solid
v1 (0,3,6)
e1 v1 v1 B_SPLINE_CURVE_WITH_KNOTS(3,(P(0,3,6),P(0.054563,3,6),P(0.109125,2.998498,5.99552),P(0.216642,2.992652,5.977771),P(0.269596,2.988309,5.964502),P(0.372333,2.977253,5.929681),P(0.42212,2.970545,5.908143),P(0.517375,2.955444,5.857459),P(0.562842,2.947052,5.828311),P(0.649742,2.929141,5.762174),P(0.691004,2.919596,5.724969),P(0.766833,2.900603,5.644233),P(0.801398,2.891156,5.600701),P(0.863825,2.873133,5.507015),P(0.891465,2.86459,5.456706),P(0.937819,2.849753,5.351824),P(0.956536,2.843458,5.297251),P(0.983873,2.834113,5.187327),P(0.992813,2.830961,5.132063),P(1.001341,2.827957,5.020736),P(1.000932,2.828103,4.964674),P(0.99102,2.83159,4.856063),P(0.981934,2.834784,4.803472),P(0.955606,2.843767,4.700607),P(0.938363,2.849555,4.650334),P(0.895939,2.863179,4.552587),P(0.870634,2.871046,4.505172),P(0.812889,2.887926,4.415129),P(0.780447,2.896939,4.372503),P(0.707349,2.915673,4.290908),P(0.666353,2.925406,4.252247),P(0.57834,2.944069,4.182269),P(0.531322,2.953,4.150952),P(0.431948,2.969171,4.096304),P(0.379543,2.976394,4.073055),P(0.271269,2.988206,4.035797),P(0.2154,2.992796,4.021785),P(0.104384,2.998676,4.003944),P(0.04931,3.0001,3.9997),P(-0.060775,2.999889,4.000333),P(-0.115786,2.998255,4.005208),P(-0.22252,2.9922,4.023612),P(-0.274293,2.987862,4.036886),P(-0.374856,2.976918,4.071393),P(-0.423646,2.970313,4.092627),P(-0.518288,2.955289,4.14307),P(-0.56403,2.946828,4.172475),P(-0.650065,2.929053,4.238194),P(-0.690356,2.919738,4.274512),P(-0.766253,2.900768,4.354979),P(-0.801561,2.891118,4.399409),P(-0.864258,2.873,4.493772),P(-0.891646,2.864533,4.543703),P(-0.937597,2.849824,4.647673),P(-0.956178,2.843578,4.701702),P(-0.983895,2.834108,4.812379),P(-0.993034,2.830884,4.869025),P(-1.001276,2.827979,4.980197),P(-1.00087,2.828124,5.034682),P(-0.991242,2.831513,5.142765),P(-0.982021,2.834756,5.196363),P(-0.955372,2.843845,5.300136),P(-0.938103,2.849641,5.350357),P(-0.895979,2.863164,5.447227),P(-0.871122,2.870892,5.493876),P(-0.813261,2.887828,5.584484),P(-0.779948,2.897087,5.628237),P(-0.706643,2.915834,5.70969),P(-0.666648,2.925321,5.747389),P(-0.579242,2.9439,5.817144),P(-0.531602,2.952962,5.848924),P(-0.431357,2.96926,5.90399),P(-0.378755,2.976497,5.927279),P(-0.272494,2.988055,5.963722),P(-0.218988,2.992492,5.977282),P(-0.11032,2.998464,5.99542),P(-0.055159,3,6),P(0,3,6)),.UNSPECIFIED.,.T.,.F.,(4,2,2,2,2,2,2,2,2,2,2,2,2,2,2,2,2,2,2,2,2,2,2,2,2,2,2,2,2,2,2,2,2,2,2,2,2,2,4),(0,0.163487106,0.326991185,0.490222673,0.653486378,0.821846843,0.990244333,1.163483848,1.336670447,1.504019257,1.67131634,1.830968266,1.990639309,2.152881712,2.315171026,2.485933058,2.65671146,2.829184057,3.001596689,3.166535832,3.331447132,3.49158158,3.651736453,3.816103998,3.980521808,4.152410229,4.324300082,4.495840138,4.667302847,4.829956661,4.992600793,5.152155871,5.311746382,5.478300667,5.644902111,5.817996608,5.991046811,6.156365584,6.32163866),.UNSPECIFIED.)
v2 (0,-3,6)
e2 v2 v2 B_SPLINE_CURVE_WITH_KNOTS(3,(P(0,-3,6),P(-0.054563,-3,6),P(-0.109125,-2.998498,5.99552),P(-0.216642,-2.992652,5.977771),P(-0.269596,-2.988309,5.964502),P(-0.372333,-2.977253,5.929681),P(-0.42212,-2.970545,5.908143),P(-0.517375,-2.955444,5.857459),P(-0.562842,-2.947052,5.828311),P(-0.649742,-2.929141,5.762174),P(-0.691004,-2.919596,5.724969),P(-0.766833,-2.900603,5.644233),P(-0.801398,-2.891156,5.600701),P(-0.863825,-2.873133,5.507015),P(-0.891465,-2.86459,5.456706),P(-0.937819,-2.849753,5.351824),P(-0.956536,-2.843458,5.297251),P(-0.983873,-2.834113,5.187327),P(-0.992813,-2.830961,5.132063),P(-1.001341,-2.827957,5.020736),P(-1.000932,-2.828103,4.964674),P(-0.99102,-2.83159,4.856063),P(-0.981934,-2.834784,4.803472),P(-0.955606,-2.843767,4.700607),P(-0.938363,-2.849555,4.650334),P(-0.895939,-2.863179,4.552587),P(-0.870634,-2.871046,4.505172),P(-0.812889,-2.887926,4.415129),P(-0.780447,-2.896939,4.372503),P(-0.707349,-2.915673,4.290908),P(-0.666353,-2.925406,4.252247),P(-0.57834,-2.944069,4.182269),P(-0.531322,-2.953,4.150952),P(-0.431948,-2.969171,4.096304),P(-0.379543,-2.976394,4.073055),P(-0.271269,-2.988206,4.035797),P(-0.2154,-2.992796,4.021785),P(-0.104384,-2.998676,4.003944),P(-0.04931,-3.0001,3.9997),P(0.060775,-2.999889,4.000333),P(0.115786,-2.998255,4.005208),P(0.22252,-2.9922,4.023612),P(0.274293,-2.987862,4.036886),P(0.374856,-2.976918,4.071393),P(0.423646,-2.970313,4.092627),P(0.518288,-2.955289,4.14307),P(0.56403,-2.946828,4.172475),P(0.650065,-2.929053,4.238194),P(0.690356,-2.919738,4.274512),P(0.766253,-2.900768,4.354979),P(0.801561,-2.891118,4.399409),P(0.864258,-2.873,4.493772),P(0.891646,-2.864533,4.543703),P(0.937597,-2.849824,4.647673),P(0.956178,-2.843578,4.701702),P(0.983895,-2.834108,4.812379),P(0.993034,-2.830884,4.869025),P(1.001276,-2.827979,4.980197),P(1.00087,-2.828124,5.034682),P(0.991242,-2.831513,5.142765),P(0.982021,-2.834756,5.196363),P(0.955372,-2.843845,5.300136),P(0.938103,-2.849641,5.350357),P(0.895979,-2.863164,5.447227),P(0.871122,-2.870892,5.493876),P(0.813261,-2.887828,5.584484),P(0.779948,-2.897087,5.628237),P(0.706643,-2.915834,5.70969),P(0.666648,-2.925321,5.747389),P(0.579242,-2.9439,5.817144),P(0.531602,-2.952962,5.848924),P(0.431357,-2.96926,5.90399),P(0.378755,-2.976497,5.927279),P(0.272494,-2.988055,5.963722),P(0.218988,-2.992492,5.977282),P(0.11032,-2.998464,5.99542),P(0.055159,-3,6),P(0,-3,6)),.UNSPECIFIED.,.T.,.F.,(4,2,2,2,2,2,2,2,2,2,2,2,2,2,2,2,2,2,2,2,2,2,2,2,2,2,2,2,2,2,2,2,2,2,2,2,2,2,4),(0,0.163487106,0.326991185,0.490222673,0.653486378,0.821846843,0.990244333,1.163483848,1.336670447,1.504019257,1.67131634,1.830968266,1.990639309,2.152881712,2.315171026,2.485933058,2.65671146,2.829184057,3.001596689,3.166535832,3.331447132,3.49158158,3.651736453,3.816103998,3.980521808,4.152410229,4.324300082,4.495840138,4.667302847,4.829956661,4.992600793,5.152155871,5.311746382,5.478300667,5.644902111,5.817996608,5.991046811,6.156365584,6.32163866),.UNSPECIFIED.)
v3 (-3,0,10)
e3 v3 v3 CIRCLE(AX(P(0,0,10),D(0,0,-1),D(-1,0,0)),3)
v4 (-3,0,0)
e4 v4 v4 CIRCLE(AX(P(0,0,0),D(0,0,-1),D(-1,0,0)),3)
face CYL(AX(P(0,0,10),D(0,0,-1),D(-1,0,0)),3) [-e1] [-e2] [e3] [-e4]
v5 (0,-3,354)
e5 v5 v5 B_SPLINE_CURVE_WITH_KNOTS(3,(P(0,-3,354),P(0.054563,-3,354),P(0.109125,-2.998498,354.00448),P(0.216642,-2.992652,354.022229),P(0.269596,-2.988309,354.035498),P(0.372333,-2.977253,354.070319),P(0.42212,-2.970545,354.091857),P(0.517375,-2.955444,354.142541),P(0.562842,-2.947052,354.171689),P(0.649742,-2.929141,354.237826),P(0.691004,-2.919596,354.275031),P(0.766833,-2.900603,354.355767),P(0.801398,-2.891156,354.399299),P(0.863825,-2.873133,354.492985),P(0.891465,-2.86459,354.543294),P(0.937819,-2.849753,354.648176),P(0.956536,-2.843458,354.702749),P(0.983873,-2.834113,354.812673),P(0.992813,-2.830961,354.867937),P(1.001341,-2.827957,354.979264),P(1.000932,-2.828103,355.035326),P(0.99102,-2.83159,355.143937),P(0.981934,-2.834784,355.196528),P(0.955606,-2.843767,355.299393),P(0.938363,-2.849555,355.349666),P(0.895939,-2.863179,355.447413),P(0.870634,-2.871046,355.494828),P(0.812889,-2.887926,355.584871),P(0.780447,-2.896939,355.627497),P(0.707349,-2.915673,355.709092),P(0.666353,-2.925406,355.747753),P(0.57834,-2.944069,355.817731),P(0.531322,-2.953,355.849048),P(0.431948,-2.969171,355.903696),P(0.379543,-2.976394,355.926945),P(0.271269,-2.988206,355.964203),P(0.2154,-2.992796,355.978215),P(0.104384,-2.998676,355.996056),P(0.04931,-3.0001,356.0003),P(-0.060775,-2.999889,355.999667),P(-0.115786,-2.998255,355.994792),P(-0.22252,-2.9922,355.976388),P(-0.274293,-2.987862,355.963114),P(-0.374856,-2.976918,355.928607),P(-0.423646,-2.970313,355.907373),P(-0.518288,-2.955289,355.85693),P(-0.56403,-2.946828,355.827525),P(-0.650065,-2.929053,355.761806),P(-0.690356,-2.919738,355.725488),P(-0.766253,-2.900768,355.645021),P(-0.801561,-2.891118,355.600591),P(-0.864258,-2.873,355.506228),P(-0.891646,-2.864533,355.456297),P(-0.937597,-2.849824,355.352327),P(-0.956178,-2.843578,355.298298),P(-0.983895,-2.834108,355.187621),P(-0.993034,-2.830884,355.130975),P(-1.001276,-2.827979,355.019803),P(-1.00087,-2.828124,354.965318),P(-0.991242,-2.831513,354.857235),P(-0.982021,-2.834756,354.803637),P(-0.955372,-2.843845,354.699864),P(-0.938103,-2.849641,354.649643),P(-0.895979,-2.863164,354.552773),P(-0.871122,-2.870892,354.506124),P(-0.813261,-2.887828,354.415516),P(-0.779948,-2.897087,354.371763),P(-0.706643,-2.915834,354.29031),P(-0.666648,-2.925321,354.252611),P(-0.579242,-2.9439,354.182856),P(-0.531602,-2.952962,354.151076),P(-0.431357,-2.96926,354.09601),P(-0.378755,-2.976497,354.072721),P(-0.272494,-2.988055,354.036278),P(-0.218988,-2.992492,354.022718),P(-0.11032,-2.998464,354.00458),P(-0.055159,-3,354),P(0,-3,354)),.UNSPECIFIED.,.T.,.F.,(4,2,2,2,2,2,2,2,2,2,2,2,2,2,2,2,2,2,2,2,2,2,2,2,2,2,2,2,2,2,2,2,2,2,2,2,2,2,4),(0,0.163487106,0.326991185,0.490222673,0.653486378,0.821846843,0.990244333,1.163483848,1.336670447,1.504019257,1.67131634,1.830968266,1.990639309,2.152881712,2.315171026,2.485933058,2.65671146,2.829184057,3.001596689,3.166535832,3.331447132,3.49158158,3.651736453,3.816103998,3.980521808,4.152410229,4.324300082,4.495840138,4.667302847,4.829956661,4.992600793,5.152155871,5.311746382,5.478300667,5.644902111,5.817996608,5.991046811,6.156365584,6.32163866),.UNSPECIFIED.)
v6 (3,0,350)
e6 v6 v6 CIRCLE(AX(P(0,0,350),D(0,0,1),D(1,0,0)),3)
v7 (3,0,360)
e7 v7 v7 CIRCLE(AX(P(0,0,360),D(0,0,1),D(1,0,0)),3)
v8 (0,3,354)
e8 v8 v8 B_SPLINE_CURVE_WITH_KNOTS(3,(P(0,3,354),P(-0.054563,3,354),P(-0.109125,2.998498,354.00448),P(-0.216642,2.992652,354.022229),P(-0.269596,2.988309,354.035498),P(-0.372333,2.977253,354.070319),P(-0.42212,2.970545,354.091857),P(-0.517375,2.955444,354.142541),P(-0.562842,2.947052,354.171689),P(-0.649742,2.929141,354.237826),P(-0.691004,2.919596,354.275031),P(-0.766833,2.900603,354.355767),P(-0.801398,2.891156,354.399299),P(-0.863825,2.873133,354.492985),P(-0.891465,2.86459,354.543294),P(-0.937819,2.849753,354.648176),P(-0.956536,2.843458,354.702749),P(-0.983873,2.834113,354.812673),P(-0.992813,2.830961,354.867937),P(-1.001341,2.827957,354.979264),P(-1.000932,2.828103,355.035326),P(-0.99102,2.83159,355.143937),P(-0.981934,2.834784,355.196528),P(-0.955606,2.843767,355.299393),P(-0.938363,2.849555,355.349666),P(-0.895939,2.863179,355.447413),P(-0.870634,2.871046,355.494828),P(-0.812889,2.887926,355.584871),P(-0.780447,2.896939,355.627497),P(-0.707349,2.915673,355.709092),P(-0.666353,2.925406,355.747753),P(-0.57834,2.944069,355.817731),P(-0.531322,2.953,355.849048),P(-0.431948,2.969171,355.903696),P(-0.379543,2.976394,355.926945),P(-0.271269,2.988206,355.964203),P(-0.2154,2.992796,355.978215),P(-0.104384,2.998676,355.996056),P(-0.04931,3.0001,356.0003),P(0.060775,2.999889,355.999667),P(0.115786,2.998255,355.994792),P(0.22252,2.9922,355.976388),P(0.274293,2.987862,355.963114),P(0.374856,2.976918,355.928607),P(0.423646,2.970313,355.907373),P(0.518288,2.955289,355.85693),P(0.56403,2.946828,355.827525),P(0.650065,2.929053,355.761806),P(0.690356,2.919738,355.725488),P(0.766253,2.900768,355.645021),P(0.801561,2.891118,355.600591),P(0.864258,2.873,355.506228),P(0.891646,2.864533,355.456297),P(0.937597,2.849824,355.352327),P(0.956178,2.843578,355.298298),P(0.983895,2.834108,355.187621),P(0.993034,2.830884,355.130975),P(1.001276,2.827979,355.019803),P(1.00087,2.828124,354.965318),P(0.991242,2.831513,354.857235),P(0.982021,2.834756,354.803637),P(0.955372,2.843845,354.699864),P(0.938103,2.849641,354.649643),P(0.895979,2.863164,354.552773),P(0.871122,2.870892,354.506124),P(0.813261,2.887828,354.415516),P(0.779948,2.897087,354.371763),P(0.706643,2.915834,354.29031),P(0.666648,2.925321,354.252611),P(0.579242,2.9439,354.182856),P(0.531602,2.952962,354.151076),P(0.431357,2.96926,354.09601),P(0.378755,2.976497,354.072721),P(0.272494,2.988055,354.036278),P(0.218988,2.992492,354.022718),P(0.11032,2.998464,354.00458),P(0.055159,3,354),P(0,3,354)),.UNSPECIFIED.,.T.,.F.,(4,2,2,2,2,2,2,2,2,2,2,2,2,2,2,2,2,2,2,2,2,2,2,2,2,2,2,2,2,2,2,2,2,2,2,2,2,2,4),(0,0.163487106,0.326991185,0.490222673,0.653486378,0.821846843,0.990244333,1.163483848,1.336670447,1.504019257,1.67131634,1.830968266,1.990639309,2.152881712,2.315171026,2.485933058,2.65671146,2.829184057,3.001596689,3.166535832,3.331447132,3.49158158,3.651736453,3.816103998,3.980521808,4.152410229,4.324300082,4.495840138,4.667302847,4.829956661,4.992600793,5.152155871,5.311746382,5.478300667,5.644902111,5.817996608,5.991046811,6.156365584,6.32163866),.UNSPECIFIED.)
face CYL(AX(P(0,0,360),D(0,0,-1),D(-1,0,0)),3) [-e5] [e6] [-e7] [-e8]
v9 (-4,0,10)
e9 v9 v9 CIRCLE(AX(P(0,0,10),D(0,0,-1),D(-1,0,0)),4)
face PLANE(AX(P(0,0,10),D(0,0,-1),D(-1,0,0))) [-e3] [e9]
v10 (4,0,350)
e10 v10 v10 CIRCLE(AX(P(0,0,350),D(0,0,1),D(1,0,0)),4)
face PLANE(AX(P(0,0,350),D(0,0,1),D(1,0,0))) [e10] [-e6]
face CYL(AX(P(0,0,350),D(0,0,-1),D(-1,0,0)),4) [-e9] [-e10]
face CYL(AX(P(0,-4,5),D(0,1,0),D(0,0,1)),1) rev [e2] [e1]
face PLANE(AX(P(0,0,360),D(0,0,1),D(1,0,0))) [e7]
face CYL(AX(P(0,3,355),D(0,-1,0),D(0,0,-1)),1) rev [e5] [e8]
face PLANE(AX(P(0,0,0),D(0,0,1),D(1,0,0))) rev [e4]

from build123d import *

# Parameters (mm, degrees)
SKETCH1_R               = 4
BOSS_EXTRUDE1_DEPTH     = 350
SKETCH2_R               = 3
BOSS_EXTRUDE2_DEPTH     = 10
SKETCH3_R               = 1
CUT_EXTRUDE1_DEPTH      = 3
SKETCH5_R               = 4
SKETCH5_R_2             = 3
CUT_EXTRUDE3_DEPTH      = 10
SKETCH6_R               = 1
CUT_EXTRUDE4_DEPTH      = 5
CUT_EXTRUDE4_DEPTH_BACK = 5


with BuildPart() as part:
    # Sketch1 → Boss-Extrude1 (new body)
    with BuildSketch(Plane.XY):
        Circle(SKETCH1_R)
    extrude(amount=BOSS_EXTRUDE1_DEPTH)

    # Sketch2 → Boss-Extrude2 (add)
    with BuildSketch(Plane.XY.offset(350)):
        Circle(SKETCH2_R)
    extrude(amount=BOSS_EXTRUDE2_DEPTH)

    # Sketch3 → Cut-Extrude1 (cut, symmetric)
    with BuildSketch(Plane(origin=(0, 0, 0), x_dir=(1, 0, 0), z_dir=(0, 1, 0))):
        with Locations((0, -355)):
            Circle(SKETCH3_R)
    extrude(amount=CUT_EXTRUDE1_DEPTH, both=True, mode=Mode.SUBTRACT)

    # Sketch5 → Cut-Extrude3 (cut)
    with BuildSketch(Plane(origin=(0, 0, 0), x_dir=(-1, 0, 0), z_dir=(0, 0, -1))):
        Circle(SKETCH5_R)
        Circle(SKETCH5_R_2, mode=Mode.SUBTRACT)
    extrude(amount=-CUT_EXTRUDE3_DEPTH, mode=Mode.SUBTRACT)

    # Sketch6 → Cut-Extrude4 (cut, two sides)
    with BuildSketch(Plane(origin=(0, 0, 0), x_dir=(1, 0, 0), z_dir=(0, 1, 0))) as cut_extrude4_sk:
        with Locations((0, -5)):
            Circle(SKETCH6_R)
    extrude(amount=CUT_EXTRUDE4_DEPTH, mode=Mode.SUBTRACT)
    extrude(cut_extrude4_sk.sketch, amount=-CUT_EXTRUDE4_DEPTH_BACK, mode=Mode.SUBTRACT)


solid = part.part
